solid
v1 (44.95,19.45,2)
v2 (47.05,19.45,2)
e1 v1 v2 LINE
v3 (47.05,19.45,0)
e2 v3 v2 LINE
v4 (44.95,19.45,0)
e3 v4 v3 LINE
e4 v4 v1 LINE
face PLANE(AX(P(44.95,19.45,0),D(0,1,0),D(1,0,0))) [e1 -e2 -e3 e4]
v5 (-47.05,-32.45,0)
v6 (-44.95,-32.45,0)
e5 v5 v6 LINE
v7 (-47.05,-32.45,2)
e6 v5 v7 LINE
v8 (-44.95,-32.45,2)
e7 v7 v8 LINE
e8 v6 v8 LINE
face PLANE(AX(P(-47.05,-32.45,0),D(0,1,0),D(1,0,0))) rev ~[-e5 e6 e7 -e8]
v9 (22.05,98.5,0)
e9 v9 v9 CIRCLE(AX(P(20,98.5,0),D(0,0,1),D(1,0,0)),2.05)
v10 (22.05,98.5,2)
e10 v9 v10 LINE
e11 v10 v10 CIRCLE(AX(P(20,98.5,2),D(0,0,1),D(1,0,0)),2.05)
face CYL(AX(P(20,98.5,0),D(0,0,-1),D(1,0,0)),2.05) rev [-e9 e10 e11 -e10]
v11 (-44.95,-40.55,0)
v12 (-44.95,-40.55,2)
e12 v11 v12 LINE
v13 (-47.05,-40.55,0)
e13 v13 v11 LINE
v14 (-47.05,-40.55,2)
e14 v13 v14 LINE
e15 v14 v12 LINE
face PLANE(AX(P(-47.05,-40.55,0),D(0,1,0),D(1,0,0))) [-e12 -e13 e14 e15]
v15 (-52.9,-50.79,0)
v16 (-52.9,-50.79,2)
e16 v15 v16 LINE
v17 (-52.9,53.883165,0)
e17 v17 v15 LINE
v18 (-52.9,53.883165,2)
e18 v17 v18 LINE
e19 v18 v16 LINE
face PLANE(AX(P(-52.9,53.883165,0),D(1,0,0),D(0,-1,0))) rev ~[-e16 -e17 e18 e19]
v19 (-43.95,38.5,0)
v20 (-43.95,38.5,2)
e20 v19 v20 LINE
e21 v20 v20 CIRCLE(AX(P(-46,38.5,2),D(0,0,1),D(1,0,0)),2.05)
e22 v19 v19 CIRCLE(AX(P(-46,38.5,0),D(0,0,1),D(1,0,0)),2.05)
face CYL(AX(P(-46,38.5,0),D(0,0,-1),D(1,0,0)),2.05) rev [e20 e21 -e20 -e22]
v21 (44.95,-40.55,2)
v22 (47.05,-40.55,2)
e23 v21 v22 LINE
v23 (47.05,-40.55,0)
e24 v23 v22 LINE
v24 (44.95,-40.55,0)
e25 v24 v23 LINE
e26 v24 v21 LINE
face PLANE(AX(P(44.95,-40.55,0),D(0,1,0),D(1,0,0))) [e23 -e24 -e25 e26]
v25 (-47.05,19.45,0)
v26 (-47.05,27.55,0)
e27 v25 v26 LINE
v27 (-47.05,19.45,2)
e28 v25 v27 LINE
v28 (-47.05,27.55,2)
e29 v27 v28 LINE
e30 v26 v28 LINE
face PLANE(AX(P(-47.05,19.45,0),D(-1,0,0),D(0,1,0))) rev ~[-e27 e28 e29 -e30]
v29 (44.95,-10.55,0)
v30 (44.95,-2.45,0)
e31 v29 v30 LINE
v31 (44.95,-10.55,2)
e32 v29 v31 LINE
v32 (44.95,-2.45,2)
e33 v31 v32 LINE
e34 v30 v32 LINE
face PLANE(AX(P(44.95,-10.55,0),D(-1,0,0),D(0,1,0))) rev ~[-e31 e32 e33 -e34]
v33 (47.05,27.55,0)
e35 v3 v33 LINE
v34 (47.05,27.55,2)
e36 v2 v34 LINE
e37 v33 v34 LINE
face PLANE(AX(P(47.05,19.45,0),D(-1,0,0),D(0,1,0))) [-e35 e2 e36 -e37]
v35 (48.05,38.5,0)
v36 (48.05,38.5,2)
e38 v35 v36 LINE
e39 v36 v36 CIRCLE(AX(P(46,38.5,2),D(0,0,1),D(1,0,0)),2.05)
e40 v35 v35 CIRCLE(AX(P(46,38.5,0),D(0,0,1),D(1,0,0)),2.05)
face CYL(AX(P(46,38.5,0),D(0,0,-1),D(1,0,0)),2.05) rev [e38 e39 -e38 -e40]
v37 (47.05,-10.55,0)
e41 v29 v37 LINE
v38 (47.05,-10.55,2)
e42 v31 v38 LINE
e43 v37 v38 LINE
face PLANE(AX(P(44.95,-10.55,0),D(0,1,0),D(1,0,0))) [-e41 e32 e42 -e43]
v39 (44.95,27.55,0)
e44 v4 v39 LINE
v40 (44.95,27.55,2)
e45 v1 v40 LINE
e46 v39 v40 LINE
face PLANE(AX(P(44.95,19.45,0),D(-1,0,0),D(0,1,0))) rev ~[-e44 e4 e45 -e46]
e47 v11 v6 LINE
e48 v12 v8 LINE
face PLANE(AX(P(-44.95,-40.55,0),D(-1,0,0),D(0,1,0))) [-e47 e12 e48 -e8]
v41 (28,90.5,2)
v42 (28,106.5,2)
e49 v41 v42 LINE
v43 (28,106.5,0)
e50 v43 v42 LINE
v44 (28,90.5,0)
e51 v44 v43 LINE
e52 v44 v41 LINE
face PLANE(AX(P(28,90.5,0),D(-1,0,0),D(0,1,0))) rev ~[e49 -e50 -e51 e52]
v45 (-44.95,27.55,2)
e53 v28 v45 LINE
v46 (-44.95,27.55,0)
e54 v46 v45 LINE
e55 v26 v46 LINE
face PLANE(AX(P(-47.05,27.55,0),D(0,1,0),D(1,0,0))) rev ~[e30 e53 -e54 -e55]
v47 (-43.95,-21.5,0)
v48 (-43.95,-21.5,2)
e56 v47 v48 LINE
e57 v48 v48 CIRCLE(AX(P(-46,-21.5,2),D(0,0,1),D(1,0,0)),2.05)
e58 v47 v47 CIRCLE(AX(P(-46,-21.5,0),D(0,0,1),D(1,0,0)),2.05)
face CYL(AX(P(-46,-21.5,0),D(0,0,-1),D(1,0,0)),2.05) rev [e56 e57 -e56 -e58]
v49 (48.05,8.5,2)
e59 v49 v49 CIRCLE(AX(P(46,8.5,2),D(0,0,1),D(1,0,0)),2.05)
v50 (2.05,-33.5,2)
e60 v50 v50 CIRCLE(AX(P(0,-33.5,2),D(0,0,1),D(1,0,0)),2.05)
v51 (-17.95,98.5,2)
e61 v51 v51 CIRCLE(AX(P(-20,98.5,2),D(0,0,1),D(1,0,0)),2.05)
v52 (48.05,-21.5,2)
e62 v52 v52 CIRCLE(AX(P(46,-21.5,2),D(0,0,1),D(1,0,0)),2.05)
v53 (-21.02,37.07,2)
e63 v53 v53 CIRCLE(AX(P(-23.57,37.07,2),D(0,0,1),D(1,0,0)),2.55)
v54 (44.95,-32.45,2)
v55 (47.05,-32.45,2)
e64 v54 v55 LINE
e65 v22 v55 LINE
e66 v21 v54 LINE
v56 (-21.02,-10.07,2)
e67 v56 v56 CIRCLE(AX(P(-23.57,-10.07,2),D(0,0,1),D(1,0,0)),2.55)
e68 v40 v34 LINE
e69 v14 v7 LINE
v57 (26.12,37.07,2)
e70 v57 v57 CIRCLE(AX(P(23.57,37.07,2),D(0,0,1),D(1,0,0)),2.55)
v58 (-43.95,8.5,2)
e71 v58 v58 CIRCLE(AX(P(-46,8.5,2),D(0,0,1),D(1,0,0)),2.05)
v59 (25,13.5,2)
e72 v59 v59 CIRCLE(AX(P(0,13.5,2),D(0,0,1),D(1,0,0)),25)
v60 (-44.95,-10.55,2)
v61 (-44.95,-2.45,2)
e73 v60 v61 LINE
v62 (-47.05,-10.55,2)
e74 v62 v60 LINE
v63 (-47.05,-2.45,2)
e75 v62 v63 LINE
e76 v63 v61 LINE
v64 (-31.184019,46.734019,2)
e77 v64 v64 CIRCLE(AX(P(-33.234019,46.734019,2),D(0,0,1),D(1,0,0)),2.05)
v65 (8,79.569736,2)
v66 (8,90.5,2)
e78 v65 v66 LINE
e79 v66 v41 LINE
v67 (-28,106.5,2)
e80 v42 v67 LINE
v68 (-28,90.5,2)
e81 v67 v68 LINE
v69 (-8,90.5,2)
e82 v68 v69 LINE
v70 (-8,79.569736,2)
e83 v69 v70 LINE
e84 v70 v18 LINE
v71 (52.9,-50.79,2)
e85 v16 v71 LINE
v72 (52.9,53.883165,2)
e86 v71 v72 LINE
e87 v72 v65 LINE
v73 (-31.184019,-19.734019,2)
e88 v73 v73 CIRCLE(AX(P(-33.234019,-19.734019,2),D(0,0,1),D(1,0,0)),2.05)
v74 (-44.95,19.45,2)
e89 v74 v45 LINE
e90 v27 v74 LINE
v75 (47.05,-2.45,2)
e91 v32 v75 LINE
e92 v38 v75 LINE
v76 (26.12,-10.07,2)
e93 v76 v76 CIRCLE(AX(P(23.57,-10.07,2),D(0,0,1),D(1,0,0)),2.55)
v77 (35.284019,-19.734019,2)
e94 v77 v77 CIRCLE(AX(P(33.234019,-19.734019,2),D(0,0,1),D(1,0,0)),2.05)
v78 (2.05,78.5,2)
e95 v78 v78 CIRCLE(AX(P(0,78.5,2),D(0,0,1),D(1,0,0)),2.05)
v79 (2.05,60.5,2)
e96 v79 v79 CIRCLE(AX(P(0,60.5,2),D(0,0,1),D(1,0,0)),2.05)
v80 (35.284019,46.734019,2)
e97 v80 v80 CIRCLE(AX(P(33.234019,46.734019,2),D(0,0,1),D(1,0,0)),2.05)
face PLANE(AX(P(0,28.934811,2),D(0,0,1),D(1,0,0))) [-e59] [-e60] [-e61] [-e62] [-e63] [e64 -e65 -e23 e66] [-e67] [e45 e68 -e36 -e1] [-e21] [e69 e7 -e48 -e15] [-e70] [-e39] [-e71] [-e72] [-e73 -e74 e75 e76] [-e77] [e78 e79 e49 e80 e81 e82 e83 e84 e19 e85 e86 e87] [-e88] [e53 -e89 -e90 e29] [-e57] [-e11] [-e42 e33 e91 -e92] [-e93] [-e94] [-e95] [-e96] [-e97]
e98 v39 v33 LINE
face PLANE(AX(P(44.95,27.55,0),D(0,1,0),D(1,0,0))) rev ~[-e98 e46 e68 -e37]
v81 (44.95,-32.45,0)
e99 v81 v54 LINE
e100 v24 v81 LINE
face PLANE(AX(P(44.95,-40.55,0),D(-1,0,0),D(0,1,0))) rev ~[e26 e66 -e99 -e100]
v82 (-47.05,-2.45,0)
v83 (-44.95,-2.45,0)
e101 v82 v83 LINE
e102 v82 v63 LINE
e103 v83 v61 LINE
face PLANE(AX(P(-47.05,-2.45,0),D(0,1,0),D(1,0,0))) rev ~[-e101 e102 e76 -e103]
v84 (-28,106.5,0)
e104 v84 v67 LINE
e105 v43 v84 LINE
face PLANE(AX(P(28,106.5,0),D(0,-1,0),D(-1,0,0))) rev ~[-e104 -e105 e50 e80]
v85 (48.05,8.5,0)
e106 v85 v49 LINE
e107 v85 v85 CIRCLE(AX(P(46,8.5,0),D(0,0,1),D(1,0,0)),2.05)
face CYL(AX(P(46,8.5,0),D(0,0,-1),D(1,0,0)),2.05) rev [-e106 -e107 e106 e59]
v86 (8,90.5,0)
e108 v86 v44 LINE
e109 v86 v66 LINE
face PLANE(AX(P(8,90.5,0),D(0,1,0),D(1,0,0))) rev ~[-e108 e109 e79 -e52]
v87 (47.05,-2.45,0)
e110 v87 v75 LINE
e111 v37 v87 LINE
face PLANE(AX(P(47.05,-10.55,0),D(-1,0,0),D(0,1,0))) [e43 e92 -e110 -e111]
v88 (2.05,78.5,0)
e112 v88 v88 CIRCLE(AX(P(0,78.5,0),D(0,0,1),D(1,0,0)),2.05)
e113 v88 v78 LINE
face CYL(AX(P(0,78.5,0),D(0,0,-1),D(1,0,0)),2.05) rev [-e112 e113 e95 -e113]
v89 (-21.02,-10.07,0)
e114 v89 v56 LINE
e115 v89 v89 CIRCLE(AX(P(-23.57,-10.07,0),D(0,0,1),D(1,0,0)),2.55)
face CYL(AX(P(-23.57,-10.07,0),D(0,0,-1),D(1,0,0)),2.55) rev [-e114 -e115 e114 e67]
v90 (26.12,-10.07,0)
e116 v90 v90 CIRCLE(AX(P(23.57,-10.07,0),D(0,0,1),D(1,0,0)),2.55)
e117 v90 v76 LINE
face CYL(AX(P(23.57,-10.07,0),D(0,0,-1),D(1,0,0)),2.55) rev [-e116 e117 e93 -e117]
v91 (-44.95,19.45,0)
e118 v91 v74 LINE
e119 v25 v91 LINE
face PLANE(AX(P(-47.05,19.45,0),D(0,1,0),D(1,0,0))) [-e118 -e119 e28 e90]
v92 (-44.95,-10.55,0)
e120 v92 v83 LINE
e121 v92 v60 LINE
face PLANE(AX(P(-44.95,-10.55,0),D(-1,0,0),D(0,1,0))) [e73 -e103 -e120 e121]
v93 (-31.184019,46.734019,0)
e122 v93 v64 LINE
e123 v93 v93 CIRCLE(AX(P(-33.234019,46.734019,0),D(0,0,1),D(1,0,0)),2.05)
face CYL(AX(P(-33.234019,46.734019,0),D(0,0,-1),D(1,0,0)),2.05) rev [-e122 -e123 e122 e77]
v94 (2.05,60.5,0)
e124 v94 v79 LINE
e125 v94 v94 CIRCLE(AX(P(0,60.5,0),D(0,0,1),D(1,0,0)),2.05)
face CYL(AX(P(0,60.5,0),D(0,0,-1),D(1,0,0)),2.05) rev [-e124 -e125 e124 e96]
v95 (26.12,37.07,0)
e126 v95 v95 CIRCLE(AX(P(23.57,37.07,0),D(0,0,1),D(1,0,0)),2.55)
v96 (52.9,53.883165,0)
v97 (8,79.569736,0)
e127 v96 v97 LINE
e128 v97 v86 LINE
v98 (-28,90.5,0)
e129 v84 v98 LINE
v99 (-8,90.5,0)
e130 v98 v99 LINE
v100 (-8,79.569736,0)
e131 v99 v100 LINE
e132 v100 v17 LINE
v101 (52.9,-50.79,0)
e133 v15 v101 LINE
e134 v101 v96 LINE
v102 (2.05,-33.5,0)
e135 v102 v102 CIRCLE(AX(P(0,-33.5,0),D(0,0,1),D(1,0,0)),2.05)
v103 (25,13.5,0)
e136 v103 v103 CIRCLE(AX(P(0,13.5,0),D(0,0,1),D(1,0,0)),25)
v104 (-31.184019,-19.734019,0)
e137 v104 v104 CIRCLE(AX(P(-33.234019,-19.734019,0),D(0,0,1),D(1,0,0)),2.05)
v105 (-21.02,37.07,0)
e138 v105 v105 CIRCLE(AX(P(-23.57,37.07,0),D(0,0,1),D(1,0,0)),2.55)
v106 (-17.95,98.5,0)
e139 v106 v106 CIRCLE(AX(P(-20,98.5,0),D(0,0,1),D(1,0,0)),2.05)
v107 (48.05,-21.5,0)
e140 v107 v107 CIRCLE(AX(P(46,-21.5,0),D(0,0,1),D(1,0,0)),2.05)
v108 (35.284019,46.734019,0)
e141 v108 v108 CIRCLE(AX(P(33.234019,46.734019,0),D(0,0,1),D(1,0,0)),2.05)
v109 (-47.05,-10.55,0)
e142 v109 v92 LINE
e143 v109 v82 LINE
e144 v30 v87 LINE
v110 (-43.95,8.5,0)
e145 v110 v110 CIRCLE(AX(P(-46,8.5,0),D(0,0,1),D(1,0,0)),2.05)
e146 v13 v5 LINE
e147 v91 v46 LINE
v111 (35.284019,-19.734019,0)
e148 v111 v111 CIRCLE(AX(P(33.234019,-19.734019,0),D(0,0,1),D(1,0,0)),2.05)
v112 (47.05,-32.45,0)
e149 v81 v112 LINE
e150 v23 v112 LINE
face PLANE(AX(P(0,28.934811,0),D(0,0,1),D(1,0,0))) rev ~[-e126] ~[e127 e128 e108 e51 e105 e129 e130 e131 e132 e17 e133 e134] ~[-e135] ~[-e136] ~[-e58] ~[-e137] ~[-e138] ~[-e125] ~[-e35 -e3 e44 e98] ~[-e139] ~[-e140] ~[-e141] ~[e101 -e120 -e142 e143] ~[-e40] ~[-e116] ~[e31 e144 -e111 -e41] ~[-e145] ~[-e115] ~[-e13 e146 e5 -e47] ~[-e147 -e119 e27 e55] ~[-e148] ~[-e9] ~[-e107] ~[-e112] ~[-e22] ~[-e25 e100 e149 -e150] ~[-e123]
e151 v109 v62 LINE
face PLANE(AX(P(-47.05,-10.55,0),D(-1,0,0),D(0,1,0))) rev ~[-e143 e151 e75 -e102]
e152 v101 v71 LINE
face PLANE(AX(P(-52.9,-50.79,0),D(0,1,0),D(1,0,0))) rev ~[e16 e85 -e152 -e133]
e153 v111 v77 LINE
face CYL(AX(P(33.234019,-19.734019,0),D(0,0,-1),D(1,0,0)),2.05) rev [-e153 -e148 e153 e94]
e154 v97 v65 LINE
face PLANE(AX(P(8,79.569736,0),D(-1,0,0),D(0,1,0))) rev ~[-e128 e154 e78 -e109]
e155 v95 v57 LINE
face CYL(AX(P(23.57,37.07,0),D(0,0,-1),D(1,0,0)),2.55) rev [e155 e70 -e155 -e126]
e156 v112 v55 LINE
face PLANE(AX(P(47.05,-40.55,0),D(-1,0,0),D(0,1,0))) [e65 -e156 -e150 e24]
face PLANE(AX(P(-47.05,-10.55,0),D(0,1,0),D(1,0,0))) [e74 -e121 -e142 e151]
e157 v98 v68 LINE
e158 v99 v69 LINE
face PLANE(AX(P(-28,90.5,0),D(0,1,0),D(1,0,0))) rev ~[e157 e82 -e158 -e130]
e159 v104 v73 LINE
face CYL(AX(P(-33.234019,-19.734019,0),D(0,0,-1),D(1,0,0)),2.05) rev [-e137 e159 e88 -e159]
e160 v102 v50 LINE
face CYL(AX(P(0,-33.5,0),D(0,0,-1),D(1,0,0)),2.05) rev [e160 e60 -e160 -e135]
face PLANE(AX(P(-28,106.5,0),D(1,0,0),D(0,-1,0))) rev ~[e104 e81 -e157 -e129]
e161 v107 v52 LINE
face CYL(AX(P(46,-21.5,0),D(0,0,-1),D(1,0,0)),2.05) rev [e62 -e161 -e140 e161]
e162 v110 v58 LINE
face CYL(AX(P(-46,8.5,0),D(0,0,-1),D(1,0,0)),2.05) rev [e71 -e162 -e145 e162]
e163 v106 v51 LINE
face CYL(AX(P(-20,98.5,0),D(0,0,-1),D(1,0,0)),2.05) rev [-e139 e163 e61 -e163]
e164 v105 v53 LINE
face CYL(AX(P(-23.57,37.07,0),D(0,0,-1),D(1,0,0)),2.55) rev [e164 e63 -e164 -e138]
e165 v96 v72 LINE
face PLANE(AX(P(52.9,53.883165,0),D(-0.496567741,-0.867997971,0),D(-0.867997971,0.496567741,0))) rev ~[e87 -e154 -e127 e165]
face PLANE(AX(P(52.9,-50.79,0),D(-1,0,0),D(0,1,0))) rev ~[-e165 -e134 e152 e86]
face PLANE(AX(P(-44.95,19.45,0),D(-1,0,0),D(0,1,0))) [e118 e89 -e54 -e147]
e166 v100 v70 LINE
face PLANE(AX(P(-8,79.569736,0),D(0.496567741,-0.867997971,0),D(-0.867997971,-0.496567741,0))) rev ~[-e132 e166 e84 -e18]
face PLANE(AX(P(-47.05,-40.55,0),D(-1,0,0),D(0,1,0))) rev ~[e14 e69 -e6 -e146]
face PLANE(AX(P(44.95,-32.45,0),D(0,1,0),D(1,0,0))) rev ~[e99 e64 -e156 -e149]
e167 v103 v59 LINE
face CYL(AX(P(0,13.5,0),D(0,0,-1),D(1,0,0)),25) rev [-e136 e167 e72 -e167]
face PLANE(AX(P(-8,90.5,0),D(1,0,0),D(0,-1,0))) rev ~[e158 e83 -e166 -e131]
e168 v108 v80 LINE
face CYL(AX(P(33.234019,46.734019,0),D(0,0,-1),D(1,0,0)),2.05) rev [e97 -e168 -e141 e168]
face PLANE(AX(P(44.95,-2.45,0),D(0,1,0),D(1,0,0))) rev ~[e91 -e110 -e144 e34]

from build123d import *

# Parameters (mm, degrees)
SKETCH_1_R      = 2.55
SKETCH_1_R_2    = 25
SKETCH_1_R_3    = 2.05
SKETCH_1_W      = 2.1
SKETCH_1_H      = 8.1
EXTRUDE_1_DEPTH = 2


with BuildPart() as part:
    # 草图1 → 凸台-拉伸1 (new body)
    with BuildSketch(Plane.XY):
        Polygon((-52.9, 53.883164809), (-52.9, -50.790000001), (52.9, -50.790000001), (52.9, 53.883164809), (8, 79.569735886), (8, 90.5), (28, 90.5), (28, 106.5), (-28, 106.5), (-28, 90.5), (-8, 90.5), (-8, 79.569735886), align=None)
        with Locations((-23.57, 37.07)):
            Circle(SKETCH_1_R, mode=Mode.SUBTRACT)
        with Locations((-23.57, -10.07)):
            Circle(SKETCH_1_R, mode=Mode.SUBTRACT)
        with Locations((23.57, -10.07)):
            Circle(SKETCH_1_R, mode=Mode.SUBTRACT)
        with Locations((23.57, 37.07)):
            Circle(SKETCH_1_R, mode=Mode.SUBTRACT)
        with Locations((0, 13.5)):
            Circle(SKETCH_1_R_2, mode=Mode.SUBTRACT)
        with Locations((0, 60.5)):
            Circle(SKETCH_1_R_3, mode=Mode.SUBTRACT)
        with Locations((33.234018716, 46.734018716)):
            Circle(SKETCH_1_R_3, mode=Mode.SUBTRACT)
        with Locations((33.234018716, -19.734018716)):
            Circle(SKETCH_1_R_3, mode=Mode.SUBTRACT)
        with Locations((0, -33.5)):
            Circle(SKETCH_1_R_3, mode=Mode.SUBTRACT)
        with Locations((-33.234018716, -19.734018716)):
            Circle(SKETCH_1_R_3, mode=Mode.SUBTRACT)
        with Locations((-33.234018716, 46.734018716)):
            Circle(SKETCH_1_R_3, mode=Mode.SUBTRACT)
        with Locations((0, 78.5)):
            Circle(SKETCH_1_R_3, mode=Mode.SUBTRACT)
        with Locations((-20, 98.5)):
            Circle(SKETCH_1_R_3, mode=Mode.SUBTRACT)
        with Locations((20, 98.5)):
            Circle(SKETCH_1_R_3, mode=Mode.SUBTRACT)
        with Locations((-46, -21.5)):
            Circle(SKETCH_1_R_3, mode=Mode.SUBTRACT)
        with Locations((-46, 8.5)):
            Circle(SKETCH_1_R_3, mode=Mode.SUBTRACT)
        with Locations((46, 8.5)):
            Circle(SKETCH_1_R_3, mode=Mode.SUBTRACT)
        with Locations((46, -21.5)):
            Circle(SKETCH_1_R_3, mode=Mode.SUBTRACT)
        with Locations((-46, 38.5)):
            Circle(SKETCH_1_R_3, mode=Mode.SUBTRACT)
        with Locations((46, 38.5)):
            Circle(SKETCH_1_R_3, mode=Mode.SUBTRACT)
        with Locations((-46, -36.5)):
            Rectangle(SKETCH_1_W, SKETCH_1_H, mode=Mode.SUBTRACT)
        with Locations((-46, -6.5)):
            Rectangle(SKETCH_1_W, SKETCH_1_H, mode=Mode.SUBTRACT)
        with Locations((-46, 23.5)):
            Rectangle(SKETCH_1_W, SKETCH_1_H, mode=Mode.SUBTRACT)
        with Locations((46, 23.5)):
            Rectangle(SKETCH_1_W, SKETCH_1_H, mode=Mode.SUBTRACT)
        with Locations((46, -6.5)):
            Rectangle(SKETCH_1_W, SKETCH_1_H, mode=Mode.SUBTRACT)
        with Locations((46, -36.5)):
            Rectangle(SKETCH_1_W, SKETCH_1_H, mode=Mode.SUBTRACT)
    extrude(amount=EXTRUDE_1_DEPTH)


solid = part.part
